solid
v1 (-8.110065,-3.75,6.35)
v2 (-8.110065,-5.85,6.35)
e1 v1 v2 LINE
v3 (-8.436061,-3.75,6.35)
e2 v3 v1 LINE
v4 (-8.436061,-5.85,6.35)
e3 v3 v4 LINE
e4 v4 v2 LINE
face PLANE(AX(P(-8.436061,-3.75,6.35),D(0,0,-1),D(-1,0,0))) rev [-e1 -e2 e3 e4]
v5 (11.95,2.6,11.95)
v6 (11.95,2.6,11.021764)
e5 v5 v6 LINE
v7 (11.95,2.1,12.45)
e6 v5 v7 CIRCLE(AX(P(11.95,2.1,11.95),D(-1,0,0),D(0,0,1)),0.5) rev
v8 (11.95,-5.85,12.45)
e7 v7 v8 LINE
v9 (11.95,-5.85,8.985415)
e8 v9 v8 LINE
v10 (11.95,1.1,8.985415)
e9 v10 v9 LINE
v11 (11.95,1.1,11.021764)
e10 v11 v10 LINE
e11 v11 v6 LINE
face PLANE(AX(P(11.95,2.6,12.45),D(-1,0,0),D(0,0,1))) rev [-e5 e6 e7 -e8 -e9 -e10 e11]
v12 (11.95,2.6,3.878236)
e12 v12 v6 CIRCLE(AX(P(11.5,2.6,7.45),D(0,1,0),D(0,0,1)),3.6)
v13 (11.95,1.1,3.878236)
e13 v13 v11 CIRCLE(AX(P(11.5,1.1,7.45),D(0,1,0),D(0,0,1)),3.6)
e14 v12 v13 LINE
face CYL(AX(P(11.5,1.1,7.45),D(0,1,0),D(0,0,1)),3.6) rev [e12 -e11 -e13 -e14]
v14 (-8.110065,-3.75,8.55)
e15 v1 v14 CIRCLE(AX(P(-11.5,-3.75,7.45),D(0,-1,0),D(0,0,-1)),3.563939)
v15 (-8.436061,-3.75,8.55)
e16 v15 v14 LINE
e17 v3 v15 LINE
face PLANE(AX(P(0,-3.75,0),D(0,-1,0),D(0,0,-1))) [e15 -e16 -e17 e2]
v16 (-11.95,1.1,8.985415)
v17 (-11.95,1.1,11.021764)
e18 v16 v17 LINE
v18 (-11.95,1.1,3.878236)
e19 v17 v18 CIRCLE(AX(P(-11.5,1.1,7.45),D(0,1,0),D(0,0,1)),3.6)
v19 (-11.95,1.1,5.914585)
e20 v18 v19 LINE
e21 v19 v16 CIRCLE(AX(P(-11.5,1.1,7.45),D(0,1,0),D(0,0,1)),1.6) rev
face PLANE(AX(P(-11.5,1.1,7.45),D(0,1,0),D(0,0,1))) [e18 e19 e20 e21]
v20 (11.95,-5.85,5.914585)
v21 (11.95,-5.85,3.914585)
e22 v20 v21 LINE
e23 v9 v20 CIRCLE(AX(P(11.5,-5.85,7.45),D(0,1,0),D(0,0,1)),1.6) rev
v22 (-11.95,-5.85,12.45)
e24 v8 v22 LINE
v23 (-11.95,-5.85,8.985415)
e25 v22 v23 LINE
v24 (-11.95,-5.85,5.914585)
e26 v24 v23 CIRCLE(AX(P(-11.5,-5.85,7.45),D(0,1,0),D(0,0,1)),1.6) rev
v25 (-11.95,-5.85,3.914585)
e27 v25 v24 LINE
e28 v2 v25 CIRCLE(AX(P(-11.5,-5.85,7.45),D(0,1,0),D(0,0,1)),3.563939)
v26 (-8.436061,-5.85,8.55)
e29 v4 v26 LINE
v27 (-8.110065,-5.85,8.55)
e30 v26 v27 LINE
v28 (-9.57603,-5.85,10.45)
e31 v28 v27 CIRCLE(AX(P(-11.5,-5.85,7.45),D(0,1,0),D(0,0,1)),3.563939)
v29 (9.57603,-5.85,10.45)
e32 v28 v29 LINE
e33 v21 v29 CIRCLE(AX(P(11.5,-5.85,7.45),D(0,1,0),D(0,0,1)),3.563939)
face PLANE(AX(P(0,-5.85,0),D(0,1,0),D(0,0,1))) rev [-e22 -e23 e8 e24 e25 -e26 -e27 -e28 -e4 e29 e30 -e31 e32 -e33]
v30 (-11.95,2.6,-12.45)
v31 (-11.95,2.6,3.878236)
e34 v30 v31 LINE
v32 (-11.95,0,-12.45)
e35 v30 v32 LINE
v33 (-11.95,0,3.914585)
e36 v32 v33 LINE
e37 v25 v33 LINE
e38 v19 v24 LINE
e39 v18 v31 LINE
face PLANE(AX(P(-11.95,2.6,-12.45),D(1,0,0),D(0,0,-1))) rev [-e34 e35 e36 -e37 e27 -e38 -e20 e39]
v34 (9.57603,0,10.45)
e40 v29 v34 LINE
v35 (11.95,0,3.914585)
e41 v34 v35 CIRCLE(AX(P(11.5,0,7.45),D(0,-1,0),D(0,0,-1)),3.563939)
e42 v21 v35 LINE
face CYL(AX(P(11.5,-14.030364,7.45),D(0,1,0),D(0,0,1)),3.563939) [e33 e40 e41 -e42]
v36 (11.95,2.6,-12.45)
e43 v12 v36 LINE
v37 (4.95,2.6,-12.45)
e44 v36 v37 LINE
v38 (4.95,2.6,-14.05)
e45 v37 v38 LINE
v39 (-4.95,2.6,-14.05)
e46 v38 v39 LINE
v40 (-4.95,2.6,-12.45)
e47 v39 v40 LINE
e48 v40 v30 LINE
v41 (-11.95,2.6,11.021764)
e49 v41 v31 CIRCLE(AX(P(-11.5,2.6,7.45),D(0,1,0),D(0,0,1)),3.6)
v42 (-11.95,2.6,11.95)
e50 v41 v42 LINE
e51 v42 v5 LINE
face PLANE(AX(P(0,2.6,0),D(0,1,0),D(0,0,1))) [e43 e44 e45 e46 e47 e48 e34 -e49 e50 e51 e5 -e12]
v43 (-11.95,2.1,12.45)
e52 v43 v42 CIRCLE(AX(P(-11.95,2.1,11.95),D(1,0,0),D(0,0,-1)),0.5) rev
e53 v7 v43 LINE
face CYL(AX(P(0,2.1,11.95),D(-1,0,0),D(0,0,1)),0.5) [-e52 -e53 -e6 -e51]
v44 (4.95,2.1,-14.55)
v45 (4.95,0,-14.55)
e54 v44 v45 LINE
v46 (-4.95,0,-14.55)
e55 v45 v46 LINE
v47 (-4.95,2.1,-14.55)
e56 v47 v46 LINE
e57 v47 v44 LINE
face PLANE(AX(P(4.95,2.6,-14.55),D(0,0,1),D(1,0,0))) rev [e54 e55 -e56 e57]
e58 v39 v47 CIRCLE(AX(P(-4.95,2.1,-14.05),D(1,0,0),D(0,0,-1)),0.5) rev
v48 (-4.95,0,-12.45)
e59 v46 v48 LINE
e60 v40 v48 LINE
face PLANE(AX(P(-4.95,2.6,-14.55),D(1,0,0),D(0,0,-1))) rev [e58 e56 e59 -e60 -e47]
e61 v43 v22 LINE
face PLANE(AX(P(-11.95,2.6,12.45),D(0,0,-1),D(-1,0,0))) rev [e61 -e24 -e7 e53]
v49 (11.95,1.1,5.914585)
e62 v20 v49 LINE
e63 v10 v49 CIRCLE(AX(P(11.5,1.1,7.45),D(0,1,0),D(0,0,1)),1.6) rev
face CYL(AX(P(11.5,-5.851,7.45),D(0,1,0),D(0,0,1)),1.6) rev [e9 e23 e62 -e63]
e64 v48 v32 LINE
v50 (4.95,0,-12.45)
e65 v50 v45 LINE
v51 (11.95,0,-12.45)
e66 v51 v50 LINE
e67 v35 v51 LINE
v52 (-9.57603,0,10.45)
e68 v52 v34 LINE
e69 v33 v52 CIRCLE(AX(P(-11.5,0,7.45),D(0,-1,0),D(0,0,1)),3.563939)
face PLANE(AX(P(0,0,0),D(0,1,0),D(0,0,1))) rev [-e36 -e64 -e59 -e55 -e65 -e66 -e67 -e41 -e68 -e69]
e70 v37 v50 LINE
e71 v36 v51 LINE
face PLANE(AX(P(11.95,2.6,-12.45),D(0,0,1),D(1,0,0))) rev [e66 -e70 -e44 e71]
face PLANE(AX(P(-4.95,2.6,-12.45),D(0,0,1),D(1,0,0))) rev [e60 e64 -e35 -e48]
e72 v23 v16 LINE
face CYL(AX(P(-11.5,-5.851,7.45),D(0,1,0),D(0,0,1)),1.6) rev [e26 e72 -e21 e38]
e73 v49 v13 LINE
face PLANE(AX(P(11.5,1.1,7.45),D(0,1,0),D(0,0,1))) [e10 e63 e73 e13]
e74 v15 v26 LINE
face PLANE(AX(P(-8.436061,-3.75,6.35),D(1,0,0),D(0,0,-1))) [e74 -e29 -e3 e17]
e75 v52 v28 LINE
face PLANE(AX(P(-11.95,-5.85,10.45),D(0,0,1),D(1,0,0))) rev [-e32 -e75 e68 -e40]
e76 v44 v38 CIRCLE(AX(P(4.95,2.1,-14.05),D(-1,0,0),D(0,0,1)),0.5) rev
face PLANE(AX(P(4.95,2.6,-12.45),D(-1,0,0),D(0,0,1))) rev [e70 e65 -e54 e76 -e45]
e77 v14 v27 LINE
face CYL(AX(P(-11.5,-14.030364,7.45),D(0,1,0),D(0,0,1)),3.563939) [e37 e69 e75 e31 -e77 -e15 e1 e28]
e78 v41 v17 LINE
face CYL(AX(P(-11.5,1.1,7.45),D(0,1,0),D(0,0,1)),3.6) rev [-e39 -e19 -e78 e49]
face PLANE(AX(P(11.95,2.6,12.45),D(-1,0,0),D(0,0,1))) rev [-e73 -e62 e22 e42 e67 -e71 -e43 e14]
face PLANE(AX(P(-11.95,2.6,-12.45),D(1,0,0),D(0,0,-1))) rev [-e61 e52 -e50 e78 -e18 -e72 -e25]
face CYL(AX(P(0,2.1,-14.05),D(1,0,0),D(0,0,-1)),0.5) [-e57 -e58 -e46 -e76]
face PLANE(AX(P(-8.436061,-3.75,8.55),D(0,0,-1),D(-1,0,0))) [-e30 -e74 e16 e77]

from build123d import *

# Parameters (mm, degrees)
BOSS_EXTRUDE1_DEPTH = 2.6
SKETCH2_W           = 23.9
SKETCH2_H           = 2
BOSS_EXTRUDE2_DEPTH = 5.85
CUT_EXTRUDE1_REACH  = 22.638
SKETCH3_R           = 1.6
BOSS_EXTRUDE3_DEPTH = 5.85
SKETCH5_W           = 1
SKETCH5_H           = 2.2
CUT_EXTRUDE2_DEPTH  = 2.1
SKETCH6_R           = 3.6
CUT_EXTRUDE3_DEPTH  = 1.5
FILLET1_R           = 0.5


with BuildPart() as part:
    # Sketch1 → Boss-Extrude1 (new body)
    with BuildSketch(Plane(origin=(0, 0, 0), x_dir=(1, 0, 0), z_dir=(0, 1, 0))):
        Polygon((-11.95, 12.45), (-11.95, -12.45), (11.95, -12.45), (11.95, 12.45), (4.95, 12.45), (4.95, 14.55), (-4.95, 14.55), (-4.95, 12.45), align=None)
    extrude(amount=BOSS_EXTRUDE1_DEPTH)

    # Sketch2 → Boss-Extrude2 (add)
    with BuildSketch(Plane.XZ):
        with Locations((0, 11.45)):
            Rectangle(SKETCH2_W, SKETCH2_H)
    extrude(amount=BOSS_EXTRUDE2_DEPTH)

    # Sketch3 → Cut-Extrude1 (cut, up to next)
    with BuildSketch(Plane(origin=(0, 2.6, 0), x_dir=(1, 0, 0), z_dir=(0, 1, 0)), mode=Mode.PRIVATE) as cut_extrude1_sk1:
        with Locations((-11.5, -7.45)):
            Circle(SKETCH3_R)
    cut_extrude1_tool1 = extrude(cut_extrude1_sk1.sketch, amount=-CUT_EXTRUDE1_REACH, mode=Mode.PRIVATE) & part.part
    # Sketch3 → Cut-Extrude1 (cut, up to next)
    with BuildSketch(Plane(origin=(0, 2.6, 0), x_dir=(1, 0, 0), z_dir=(0, 1, 0)), mode=Mode.PRIVATE) as cut_extrude1_sk2:
        with Locations((11.5, -7.45)):
            Circle(SKETCH3_R)
    cut_extrude1_tool2 = extrude(cut_extrude1_sk2.sketch, amount=-CUT_EXTRUDE1_REACH, mode=Mode.PRIVATE) & part.part
    add(cut_extrude1_tool1.solids().sort_by_distance((-11.5, 2.6, 7.45))[0], mode=Mode.SUBTRACT)
    add(cut_extrude1_tool2.solids().sort_by_distance((11.5, 2.6, 7.45))[0], mode=Mode.SUBTRACT)

    # Sketch4 → Boss-Extrude3 (add)
    with BuildSketch(Plane.XZ):
        with BuildLine():
            Line((-11.95, 5.914584747), (-11.95, 3.914584747))
            ThreePointArc((-11.95, 3.914584747), (-7.936061026, 7.45), (-11.95, 10.985415253))
            Line((-11.95, 10.985415253), (-11.95, 8.985415253))
            ThreePointArc((-11.95, 8.985415253), (-9.9, 7.45), (-11.95, 5.914584747))
        make_face()
        with BuildLine():
            Line((11.95, 10.985415253), (11.95, 8.985415253))
            ThreePointArc((11.95, 8.985415253), (9.9, 7.45), (11.95, 5.914584747))
            Line((11.95, 5.914584747), (11.95, 3.914584747))
            ThreePointArc((11.95, 3.914584747), (7.936061026, 7.45), (11.95, 10.985415253))
        make_face()
    extrude(amount=BOSS_EXTRUDE3_DEPTH)

    # Sketch5 → Cut-Extrude2 (cut)
    with BuildSketch(Plane.XZ.offset(5.85)):
        with Locations((-7.936061026, 7.45)):
            Rectangle(SKETCH5_W, SKETCH5_H)
    extrude(amount=-CUT_EXTRUDE2_DEPTH, mode=Mode.SUBTRACT)

    # Sketch6 → Cut-Extrude3 (cut)
    with BuildSketch(Plane(origin=(0, 2.6, 0), x_dir=(1, 0, 0), z_dir=(0, 1, 0))):
        with Locations((11.5, -7.45)):
            Circle(SKETCH6_R)
        with Locations((-11.5, -7.45)):
            Circle(SKETCH6_R)
    extrude(amount=-CUT_EXTRUDE3_DEPTH, mode=Mode.SUBTRACT)

    # Fillet1
    fillet1_edges = [part.edges().sort_by_distance(p)[0] for p in [
        (0, 2.6, 12.45),
        (0, 2.6, -14.55),
    ]]
    fillet(fillet1_edges, radius=FILLET1_R)


solid = part.part
